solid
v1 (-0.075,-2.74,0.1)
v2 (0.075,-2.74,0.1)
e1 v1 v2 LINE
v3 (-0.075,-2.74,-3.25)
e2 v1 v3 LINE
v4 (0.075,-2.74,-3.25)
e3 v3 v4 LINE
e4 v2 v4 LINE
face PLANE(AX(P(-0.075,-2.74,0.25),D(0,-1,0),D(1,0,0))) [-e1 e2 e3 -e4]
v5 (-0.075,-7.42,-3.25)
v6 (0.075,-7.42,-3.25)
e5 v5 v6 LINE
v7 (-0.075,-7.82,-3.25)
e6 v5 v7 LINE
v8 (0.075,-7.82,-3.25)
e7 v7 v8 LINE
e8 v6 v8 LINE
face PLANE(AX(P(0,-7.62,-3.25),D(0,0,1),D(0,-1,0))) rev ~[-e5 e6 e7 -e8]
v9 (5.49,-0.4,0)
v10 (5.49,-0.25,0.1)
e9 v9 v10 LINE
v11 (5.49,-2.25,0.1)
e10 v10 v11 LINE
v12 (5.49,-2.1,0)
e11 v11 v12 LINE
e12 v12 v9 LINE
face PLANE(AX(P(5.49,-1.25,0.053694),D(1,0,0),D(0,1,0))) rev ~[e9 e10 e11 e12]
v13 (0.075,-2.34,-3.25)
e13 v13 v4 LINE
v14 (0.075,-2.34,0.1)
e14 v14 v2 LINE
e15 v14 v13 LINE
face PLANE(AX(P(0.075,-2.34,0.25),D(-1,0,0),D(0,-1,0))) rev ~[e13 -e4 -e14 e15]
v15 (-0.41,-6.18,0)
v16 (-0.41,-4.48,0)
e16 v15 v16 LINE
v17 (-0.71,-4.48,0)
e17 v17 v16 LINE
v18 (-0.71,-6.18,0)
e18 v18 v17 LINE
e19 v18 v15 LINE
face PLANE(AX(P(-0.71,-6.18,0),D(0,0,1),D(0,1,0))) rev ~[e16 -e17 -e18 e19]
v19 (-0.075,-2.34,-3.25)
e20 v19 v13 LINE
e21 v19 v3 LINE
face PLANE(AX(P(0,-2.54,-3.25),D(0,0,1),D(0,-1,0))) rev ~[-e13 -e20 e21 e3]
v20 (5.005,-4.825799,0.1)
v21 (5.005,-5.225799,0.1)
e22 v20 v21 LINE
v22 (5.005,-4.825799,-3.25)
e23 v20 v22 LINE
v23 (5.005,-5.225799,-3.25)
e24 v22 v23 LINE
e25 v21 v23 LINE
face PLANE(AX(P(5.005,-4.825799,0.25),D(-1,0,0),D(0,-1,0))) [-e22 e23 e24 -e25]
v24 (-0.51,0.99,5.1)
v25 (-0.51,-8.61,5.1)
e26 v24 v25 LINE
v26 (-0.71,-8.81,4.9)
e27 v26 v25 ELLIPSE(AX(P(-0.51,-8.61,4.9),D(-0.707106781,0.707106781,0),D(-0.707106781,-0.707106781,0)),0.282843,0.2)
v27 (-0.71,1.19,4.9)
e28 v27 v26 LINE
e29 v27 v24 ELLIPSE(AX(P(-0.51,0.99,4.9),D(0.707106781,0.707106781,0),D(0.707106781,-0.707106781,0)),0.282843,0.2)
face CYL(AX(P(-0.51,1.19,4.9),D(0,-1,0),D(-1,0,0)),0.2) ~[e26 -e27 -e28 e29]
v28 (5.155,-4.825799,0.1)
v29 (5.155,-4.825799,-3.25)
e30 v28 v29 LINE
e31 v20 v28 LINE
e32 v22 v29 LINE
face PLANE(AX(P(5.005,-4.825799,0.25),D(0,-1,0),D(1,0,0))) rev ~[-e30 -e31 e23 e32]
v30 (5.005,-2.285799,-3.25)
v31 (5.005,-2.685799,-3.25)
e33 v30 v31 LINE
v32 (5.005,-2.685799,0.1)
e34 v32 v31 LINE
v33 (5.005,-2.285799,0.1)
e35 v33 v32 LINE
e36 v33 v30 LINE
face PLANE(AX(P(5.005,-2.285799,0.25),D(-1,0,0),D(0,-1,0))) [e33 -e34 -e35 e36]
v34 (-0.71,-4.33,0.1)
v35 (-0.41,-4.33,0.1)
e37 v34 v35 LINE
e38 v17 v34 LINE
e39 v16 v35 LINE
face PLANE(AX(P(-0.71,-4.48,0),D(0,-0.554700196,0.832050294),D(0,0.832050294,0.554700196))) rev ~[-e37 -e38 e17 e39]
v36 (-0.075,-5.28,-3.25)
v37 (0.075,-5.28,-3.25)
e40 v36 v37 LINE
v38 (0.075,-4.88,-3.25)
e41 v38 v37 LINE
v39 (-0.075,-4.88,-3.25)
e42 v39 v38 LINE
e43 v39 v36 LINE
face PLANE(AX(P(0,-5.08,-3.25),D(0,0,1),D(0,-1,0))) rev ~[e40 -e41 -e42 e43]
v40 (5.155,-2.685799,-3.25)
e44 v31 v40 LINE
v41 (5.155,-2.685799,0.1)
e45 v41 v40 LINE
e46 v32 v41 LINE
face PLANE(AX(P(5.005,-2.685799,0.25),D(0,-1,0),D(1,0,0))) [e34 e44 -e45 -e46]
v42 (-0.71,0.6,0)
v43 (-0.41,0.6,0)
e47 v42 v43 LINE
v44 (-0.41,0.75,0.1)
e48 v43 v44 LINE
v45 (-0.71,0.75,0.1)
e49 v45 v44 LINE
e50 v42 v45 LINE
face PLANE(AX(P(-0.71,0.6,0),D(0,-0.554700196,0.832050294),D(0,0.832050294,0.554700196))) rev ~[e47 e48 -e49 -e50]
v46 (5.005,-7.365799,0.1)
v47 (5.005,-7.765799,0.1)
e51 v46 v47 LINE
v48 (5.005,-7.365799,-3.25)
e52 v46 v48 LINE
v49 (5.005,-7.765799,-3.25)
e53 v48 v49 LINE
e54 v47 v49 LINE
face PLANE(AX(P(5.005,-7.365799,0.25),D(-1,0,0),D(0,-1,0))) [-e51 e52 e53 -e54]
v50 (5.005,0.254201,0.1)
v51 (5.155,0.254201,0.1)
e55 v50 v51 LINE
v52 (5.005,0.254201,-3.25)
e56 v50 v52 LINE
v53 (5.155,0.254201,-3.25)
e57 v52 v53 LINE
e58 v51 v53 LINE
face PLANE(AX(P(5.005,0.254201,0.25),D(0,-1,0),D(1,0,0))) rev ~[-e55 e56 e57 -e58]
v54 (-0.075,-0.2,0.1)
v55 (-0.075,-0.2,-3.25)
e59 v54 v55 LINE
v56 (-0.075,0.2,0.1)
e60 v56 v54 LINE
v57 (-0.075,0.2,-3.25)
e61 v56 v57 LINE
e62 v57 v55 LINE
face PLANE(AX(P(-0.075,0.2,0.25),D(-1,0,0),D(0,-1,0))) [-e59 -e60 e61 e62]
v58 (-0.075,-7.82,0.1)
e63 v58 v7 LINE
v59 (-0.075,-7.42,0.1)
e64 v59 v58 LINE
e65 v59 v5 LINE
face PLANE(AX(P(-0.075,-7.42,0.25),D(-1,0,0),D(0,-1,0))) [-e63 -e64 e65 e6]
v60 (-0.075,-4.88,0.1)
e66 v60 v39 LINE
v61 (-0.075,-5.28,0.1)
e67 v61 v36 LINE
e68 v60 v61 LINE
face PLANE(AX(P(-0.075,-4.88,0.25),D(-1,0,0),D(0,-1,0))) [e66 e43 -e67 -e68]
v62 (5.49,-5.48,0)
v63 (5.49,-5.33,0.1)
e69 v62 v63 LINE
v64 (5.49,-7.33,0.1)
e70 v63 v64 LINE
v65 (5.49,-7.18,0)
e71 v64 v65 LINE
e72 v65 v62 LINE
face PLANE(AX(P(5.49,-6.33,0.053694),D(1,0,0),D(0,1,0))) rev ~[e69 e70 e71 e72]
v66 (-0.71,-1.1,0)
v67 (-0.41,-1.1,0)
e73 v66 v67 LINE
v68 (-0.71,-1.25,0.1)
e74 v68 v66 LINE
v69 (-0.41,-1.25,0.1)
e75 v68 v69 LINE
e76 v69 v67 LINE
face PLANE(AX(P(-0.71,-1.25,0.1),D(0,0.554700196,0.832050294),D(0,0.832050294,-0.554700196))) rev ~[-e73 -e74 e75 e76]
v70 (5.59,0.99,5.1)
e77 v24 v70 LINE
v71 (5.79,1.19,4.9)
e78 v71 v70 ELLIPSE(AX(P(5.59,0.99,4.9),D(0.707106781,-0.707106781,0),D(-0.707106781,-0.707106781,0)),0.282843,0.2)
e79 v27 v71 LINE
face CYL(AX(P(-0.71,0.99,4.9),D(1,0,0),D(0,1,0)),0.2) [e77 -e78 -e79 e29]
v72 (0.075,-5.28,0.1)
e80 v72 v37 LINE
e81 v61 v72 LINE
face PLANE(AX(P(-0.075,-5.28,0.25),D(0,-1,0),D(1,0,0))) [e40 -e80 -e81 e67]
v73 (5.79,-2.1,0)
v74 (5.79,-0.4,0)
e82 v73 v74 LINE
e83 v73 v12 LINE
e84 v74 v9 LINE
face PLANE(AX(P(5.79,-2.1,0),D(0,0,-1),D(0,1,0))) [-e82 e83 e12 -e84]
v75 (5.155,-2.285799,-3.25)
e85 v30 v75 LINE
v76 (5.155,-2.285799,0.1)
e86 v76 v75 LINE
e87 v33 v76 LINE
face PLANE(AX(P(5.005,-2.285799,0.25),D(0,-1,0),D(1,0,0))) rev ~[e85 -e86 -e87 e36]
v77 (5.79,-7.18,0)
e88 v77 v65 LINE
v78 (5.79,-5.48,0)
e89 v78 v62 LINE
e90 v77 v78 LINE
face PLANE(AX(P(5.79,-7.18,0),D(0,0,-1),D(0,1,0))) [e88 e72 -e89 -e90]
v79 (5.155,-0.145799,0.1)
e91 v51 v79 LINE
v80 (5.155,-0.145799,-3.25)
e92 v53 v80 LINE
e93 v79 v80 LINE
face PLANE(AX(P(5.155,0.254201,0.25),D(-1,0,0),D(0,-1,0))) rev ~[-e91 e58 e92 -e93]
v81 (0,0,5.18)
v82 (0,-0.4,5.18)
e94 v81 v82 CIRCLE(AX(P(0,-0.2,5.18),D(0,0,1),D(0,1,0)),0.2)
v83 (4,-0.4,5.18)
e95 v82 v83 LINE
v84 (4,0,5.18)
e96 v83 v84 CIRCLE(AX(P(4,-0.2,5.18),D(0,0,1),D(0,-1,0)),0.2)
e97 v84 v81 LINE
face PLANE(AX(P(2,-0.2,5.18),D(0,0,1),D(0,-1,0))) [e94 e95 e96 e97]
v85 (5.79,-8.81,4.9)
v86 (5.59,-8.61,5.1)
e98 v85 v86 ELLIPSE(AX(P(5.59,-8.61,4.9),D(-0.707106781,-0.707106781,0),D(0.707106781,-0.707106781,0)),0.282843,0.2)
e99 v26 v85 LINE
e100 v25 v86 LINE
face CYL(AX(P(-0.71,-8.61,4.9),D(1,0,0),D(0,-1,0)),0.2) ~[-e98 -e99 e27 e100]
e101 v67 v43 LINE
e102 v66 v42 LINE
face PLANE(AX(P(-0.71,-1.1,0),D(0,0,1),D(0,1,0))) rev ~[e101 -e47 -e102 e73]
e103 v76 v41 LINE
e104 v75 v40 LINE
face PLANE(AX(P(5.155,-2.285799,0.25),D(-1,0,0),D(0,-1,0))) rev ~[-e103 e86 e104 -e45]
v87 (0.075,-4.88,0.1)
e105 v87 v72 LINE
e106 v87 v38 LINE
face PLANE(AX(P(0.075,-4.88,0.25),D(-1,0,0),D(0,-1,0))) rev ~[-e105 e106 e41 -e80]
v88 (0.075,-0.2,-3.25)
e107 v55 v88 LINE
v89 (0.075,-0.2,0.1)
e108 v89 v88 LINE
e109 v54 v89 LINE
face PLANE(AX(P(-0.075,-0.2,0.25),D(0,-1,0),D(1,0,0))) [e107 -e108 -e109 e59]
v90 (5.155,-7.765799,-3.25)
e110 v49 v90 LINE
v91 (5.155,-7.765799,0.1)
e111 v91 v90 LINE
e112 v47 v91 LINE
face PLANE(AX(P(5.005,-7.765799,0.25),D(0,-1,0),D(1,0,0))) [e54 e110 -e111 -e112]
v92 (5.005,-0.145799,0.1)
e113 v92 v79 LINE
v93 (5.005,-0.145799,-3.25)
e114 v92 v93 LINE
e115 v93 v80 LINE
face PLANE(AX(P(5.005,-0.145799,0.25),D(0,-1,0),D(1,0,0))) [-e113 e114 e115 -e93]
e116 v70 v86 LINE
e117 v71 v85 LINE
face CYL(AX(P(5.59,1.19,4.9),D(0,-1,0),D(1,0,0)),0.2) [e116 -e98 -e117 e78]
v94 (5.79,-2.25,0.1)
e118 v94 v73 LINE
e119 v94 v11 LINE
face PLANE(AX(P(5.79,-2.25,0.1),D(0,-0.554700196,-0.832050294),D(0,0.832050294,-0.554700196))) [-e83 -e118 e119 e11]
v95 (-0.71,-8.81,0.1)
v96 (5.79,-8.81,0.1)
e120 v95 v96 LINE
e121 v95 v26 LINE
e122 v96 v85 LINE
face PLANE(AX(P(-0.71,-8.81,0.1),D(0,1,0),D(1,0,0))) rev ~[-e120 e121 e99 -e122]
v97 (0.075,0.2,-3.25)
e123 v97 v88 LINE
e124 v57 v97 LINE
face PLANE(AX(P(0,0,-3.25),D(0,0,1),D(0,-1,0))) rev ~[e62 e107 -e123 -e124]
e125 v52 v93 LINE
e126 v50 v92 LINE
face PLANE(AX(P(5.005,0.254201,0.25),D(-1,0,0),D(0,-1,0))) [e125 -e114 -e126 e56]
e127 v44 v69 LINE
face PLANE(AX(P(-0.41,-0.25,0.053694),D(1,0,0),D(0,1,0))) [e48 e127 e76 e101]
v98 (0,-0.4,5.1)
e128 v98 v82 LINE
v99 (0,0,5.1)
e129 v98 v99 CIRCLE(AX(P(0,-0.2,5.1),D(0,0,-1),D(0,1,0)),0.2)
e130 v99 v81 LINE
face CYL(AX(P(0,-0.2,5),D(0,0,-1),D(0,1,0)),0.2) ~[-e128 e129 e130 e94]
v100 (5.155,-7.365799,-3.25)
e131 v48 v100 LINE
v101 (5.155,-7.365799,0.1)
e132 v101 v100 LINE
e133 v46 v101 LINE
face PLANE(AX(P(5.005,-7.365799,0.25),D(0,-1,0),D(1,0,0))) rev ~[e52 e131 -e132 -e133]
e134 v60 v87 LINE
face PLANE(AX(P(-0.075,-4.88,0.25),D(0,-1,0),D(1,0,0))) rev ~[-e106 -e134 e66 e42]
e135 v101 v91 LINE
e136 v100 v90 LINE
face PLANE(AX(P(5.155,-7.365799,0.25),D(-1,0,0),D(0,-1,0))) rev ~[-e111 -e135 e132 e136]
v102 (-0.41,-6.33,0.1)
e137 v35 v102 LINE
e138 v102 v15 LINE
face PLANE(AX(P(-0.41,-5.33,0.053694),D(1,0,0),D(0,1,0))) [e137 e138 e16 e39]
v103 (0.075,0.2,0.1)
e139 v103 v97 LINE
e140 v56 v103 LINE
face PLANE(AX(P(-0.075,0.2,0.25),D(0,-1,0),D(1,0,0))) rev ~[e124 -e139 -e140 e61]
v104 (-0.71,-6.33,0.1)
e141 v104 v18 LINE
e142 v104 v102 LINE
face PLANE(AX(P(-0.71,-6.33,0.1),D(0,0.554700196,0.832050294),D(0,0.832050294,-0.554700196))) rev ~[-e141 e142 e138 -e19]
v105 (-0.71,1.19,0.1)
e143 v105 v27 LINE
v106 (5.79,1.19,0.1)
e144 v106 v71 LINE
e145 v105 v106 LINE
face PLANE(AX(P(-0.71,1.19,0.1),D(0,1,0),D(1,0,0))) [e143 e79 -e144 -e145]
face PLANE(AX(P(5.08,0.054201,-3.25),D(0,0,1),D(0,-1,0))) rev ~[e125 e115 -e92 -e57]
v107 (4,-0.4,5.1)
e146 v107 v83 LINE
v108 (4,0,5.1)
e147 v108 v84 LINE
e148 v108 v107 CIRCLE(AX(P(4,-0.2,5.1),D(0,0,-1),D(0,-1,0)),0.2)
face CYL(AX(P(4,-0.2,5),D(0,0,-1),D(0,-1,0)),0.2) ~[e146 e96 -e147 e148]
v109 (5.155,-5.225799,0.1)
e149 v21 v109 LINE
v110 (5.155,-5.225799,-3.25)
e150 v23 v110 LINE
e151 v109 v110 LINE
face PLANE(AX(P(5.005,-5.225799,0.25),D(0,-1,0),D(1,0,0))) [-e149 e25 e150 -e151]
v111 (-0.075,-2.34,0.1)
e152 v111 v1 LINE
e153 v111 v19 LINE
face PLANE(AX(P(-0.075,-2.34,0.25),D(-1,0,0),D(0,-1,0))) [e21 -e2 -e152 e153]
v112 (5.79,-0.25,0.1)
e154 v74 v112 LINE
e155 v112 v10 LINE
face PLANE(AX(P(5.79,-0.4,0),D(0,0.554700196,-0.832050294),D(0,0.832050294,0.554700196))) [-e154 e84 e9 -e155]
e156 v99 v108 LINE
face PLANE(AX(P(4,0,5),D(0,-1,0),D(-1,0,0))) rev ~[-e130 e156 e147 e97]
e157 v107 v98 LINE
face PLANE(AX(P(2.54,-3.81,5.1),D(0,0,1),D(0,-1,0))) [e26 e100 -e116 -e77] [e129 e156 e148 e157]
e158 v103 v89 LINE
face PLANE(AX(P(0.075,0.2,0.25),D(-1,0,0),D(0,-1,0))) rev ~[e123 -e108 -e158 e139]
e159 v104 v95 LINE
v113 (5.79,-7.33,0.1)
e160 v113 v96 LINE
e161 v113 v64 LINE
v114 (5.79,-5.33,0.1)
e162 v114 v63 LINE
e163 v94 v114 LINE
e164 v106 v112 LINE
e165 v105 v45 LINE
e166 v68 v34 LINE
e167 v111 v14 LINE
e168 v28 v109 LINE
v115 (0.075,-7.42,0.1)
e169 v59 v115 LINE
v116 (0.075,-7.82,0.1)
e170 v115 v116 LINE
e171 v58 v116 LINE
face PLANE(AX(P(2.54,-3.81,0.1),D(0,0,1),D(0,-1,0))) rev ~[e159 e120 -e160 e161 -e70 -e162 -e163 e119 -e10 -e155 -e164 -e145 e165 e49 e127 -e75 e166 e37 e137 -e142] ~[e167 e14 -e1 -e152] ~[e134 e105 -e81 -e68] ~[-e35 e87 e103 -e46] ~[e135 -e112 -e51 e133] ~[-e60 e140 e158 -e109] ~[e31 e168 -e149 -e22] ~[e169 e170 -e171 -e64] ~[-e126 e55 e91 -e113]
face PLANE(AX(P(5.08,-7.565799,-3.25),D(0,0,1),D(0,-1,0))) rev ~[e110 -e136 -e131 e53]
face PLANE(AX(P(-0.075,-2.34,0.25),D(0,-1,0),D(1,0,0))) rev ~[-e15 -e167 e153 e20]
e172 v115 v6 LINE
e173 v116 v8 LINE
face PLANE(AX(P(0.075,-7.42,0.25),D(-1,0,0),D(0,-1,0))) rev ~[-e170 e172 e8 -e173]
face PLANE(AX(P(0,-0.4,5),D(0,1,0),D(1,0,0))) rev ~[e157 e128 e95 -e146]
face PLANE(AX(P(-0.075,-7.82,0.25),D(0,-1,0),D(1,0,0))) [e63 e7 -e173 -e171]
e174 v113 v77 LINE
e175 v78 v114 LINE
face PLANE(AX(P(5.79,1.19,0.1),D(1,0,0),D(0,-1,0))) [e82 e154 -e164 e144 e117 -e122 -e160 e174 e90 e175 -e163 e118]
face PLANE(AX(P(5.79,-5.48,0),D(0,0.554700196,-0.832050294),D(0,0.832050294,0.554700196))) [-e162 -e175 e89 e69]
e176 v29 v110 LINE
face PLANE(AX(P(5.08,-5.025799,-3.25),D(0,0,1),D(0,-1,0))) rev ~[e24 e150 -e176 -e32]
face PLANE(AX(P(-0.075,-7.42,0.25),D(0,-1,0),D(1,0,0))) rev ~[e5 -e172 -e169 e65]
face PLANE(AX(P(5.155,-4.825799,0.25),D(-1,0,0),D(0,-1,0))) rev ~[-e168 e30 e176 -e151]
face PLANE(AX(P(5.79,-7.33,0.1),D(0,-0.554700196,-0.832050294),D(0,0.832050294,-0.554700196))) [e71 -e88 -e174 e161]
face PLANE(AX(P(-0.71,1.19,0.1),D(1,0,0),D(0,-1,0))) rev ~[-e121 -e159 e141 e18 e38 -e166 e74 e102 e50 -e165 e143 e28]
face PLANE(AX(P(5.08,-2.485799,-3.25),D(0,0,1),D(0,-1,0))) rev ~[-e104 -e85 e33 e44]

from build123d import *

# Parameters (mm, degrees)
PAD004_DEPTH = 0.3
SKETCH002_W  = 0.4
SKETCH002_H  = 0.15
PAD002_DEPTH = 3.5
PAD001_DEPTH = 0.18
PAD003_DEPTH = 0.3
SKETCH_W     = 10
SKETCH_H     = 6.5
PAD_DEPTH    = 5
POCKET_DEPTH = 0.5
FILLET_R     = 0.2


with BuildPart() as pad004:
    # Sketch006 → Pad004 (new body)
    with BuildSketch(Plane.YZ.offset(5.79)):
        Polygon((-7.33, 0.1), (-7.18, 0), (-5.48, 0), (-5.33, 0.1), align=None)
        Polygon((-2.25, 0.1), (-2.1, 0), (-0.4, 0), (-0.25, 0.1), align=None)
    extrude(amount=-PAD004_DEPTH)


with BuildPart() as pad002:
    # Sketch002 → Pad002 (new body)
    with BuildSketch(Plane(origin=(0, 0, 0.25), x_dir=(0, -1, 0), z_dir=(0, 0, 1))):
        Rectangle(SKETCH002_W, SKETCH002_H)
        with Locations((2.54, 0)):
            Rectangle(SKETCH002_W, SKETCH002_H)
        with Locations((5.08, 0)):
            Rectangle(SKETCH002_W, SKETCH002_H)
        with Locations((7.62, 0)):
            Rectangle(SKETCH002_W, SKETCH002_H)
        with Locations((-0.054201, 5.08)):
            Rectangle(SKETCH002_W, SKETCH002_H)
        with Locations((2.485799, 5.08)):
            Rectangle(SKETCH002_W, SKETCH002_H)
        with Locations((5.025799, 5.08)):
            Rectangle(SKETCH002_W, SKETCH002_H)
        with Locations((7.565799, 5.08)):
            Rectangle(SKETCH002_W, SKETCH002_H)
    extrude(amount=-PAD002_DEPTH)


with BuildPart() as pad001:
    # Sketch001 → Pad001 (new body)
    with BuildSketch(Plane(origin=(0, 0, 5), x_dir=(0, -1, 0), z_dir=(0, 0, 1))):
        with BuildLine():
            Line((0.4, 0), (0.4, 4))
            ThreePointArc((0.4, 4), (0.2, 4.2), (0, 4))
            Line((0, 4), (0, 0))
            ThreePointArc((0, 0), (0.2, -0.2), (0.4, 0))
        make_face()
    extrude(amount=PAD001_DEPTH)


with BuildPart() as pad003:
    # Sketch005 → Pad003 (new body)
    with BuildSketch(Plane(origin=(-0.71, 1, 0), x_dir=(0, 1, 0), z_dir=(1, 0, 0))):
        Polygon((-7.33, 0.1), (-7.18, 0), (-5.48, 0), (-5.33, 0.1), align=None)
        Polygon((-2.25, 0.1), (-2.1, 0), (-0.4, 0), (-0.25, 0.1), align=None)
    extrude(amount=PAD003_DEPTH)


with BuildPart() as relay_dpdt_omron_g6k_2p:
    # Sketch → Pad (new body)
    with BuildSketch(Plane(origin=(0, 0, 0.1), x_dir=(0, -1, 0), z_dir=(0, 0, 1))):
        with Locations((3.81, 2.54)):
            Rectangle(SKETCH_W, SKETCH_H)
    extrude(amount=PAD_DEPTH)

    # Sketch003 → Pocket (cut)
    with BuildSketch(Plane(origin=(0, 0, 5.1), x_dir=(0, -1, 0), z_dir=(0, 0, 1))):
        with BuildLine():
            ThreePointArc((-0.318267, 7.6), (0.223846, 7.813173), (0.45, 8.35))
            Line((0.45, 8.35), (-2.05, 8.35))
            Line((-2.05, 8.35), (-2.05, 7.6))
            Line((-2.05, 7.6), (-0.318267, 7.6))
        make_face()
        with BuildLine():
            Line((9.6, -0.75), (12.1, -0.75))
            Line((12.1, -0.75), (12.1, 0))
            Line((10.285847, 0), (12.1, 0))
            ThreePointArc((10.285847, 0), (9.797313, -0.241845), (9.6, -0.75))
        make_face()
    extrude(amount=-POCKET_DEPTH, mode=Mode.SUBTRACT)

    # Fillet
    fillet_edges = [relay_dpdt_omron_g6k_2p.edges().sort_by_distance(p)[0] for p in [
        (-0.71, -3.81, 5.1),
        (2.54, -8.81, 5.1),
        (5.79, -3.81, 5.1),
        (2.54, 1.19, 5.1),
    ]]
    fillet(fillet_edges, radius=FILLET_R)

    # Fillet_mp_cp: union Pad004, Pad002, Pad001, Pad003
    add(pad004.part)
    add(pad002.part)
    add(pad001.part)
    add(pad003.part)


solid = relay_dpdt_omron_g6k_2p.part
